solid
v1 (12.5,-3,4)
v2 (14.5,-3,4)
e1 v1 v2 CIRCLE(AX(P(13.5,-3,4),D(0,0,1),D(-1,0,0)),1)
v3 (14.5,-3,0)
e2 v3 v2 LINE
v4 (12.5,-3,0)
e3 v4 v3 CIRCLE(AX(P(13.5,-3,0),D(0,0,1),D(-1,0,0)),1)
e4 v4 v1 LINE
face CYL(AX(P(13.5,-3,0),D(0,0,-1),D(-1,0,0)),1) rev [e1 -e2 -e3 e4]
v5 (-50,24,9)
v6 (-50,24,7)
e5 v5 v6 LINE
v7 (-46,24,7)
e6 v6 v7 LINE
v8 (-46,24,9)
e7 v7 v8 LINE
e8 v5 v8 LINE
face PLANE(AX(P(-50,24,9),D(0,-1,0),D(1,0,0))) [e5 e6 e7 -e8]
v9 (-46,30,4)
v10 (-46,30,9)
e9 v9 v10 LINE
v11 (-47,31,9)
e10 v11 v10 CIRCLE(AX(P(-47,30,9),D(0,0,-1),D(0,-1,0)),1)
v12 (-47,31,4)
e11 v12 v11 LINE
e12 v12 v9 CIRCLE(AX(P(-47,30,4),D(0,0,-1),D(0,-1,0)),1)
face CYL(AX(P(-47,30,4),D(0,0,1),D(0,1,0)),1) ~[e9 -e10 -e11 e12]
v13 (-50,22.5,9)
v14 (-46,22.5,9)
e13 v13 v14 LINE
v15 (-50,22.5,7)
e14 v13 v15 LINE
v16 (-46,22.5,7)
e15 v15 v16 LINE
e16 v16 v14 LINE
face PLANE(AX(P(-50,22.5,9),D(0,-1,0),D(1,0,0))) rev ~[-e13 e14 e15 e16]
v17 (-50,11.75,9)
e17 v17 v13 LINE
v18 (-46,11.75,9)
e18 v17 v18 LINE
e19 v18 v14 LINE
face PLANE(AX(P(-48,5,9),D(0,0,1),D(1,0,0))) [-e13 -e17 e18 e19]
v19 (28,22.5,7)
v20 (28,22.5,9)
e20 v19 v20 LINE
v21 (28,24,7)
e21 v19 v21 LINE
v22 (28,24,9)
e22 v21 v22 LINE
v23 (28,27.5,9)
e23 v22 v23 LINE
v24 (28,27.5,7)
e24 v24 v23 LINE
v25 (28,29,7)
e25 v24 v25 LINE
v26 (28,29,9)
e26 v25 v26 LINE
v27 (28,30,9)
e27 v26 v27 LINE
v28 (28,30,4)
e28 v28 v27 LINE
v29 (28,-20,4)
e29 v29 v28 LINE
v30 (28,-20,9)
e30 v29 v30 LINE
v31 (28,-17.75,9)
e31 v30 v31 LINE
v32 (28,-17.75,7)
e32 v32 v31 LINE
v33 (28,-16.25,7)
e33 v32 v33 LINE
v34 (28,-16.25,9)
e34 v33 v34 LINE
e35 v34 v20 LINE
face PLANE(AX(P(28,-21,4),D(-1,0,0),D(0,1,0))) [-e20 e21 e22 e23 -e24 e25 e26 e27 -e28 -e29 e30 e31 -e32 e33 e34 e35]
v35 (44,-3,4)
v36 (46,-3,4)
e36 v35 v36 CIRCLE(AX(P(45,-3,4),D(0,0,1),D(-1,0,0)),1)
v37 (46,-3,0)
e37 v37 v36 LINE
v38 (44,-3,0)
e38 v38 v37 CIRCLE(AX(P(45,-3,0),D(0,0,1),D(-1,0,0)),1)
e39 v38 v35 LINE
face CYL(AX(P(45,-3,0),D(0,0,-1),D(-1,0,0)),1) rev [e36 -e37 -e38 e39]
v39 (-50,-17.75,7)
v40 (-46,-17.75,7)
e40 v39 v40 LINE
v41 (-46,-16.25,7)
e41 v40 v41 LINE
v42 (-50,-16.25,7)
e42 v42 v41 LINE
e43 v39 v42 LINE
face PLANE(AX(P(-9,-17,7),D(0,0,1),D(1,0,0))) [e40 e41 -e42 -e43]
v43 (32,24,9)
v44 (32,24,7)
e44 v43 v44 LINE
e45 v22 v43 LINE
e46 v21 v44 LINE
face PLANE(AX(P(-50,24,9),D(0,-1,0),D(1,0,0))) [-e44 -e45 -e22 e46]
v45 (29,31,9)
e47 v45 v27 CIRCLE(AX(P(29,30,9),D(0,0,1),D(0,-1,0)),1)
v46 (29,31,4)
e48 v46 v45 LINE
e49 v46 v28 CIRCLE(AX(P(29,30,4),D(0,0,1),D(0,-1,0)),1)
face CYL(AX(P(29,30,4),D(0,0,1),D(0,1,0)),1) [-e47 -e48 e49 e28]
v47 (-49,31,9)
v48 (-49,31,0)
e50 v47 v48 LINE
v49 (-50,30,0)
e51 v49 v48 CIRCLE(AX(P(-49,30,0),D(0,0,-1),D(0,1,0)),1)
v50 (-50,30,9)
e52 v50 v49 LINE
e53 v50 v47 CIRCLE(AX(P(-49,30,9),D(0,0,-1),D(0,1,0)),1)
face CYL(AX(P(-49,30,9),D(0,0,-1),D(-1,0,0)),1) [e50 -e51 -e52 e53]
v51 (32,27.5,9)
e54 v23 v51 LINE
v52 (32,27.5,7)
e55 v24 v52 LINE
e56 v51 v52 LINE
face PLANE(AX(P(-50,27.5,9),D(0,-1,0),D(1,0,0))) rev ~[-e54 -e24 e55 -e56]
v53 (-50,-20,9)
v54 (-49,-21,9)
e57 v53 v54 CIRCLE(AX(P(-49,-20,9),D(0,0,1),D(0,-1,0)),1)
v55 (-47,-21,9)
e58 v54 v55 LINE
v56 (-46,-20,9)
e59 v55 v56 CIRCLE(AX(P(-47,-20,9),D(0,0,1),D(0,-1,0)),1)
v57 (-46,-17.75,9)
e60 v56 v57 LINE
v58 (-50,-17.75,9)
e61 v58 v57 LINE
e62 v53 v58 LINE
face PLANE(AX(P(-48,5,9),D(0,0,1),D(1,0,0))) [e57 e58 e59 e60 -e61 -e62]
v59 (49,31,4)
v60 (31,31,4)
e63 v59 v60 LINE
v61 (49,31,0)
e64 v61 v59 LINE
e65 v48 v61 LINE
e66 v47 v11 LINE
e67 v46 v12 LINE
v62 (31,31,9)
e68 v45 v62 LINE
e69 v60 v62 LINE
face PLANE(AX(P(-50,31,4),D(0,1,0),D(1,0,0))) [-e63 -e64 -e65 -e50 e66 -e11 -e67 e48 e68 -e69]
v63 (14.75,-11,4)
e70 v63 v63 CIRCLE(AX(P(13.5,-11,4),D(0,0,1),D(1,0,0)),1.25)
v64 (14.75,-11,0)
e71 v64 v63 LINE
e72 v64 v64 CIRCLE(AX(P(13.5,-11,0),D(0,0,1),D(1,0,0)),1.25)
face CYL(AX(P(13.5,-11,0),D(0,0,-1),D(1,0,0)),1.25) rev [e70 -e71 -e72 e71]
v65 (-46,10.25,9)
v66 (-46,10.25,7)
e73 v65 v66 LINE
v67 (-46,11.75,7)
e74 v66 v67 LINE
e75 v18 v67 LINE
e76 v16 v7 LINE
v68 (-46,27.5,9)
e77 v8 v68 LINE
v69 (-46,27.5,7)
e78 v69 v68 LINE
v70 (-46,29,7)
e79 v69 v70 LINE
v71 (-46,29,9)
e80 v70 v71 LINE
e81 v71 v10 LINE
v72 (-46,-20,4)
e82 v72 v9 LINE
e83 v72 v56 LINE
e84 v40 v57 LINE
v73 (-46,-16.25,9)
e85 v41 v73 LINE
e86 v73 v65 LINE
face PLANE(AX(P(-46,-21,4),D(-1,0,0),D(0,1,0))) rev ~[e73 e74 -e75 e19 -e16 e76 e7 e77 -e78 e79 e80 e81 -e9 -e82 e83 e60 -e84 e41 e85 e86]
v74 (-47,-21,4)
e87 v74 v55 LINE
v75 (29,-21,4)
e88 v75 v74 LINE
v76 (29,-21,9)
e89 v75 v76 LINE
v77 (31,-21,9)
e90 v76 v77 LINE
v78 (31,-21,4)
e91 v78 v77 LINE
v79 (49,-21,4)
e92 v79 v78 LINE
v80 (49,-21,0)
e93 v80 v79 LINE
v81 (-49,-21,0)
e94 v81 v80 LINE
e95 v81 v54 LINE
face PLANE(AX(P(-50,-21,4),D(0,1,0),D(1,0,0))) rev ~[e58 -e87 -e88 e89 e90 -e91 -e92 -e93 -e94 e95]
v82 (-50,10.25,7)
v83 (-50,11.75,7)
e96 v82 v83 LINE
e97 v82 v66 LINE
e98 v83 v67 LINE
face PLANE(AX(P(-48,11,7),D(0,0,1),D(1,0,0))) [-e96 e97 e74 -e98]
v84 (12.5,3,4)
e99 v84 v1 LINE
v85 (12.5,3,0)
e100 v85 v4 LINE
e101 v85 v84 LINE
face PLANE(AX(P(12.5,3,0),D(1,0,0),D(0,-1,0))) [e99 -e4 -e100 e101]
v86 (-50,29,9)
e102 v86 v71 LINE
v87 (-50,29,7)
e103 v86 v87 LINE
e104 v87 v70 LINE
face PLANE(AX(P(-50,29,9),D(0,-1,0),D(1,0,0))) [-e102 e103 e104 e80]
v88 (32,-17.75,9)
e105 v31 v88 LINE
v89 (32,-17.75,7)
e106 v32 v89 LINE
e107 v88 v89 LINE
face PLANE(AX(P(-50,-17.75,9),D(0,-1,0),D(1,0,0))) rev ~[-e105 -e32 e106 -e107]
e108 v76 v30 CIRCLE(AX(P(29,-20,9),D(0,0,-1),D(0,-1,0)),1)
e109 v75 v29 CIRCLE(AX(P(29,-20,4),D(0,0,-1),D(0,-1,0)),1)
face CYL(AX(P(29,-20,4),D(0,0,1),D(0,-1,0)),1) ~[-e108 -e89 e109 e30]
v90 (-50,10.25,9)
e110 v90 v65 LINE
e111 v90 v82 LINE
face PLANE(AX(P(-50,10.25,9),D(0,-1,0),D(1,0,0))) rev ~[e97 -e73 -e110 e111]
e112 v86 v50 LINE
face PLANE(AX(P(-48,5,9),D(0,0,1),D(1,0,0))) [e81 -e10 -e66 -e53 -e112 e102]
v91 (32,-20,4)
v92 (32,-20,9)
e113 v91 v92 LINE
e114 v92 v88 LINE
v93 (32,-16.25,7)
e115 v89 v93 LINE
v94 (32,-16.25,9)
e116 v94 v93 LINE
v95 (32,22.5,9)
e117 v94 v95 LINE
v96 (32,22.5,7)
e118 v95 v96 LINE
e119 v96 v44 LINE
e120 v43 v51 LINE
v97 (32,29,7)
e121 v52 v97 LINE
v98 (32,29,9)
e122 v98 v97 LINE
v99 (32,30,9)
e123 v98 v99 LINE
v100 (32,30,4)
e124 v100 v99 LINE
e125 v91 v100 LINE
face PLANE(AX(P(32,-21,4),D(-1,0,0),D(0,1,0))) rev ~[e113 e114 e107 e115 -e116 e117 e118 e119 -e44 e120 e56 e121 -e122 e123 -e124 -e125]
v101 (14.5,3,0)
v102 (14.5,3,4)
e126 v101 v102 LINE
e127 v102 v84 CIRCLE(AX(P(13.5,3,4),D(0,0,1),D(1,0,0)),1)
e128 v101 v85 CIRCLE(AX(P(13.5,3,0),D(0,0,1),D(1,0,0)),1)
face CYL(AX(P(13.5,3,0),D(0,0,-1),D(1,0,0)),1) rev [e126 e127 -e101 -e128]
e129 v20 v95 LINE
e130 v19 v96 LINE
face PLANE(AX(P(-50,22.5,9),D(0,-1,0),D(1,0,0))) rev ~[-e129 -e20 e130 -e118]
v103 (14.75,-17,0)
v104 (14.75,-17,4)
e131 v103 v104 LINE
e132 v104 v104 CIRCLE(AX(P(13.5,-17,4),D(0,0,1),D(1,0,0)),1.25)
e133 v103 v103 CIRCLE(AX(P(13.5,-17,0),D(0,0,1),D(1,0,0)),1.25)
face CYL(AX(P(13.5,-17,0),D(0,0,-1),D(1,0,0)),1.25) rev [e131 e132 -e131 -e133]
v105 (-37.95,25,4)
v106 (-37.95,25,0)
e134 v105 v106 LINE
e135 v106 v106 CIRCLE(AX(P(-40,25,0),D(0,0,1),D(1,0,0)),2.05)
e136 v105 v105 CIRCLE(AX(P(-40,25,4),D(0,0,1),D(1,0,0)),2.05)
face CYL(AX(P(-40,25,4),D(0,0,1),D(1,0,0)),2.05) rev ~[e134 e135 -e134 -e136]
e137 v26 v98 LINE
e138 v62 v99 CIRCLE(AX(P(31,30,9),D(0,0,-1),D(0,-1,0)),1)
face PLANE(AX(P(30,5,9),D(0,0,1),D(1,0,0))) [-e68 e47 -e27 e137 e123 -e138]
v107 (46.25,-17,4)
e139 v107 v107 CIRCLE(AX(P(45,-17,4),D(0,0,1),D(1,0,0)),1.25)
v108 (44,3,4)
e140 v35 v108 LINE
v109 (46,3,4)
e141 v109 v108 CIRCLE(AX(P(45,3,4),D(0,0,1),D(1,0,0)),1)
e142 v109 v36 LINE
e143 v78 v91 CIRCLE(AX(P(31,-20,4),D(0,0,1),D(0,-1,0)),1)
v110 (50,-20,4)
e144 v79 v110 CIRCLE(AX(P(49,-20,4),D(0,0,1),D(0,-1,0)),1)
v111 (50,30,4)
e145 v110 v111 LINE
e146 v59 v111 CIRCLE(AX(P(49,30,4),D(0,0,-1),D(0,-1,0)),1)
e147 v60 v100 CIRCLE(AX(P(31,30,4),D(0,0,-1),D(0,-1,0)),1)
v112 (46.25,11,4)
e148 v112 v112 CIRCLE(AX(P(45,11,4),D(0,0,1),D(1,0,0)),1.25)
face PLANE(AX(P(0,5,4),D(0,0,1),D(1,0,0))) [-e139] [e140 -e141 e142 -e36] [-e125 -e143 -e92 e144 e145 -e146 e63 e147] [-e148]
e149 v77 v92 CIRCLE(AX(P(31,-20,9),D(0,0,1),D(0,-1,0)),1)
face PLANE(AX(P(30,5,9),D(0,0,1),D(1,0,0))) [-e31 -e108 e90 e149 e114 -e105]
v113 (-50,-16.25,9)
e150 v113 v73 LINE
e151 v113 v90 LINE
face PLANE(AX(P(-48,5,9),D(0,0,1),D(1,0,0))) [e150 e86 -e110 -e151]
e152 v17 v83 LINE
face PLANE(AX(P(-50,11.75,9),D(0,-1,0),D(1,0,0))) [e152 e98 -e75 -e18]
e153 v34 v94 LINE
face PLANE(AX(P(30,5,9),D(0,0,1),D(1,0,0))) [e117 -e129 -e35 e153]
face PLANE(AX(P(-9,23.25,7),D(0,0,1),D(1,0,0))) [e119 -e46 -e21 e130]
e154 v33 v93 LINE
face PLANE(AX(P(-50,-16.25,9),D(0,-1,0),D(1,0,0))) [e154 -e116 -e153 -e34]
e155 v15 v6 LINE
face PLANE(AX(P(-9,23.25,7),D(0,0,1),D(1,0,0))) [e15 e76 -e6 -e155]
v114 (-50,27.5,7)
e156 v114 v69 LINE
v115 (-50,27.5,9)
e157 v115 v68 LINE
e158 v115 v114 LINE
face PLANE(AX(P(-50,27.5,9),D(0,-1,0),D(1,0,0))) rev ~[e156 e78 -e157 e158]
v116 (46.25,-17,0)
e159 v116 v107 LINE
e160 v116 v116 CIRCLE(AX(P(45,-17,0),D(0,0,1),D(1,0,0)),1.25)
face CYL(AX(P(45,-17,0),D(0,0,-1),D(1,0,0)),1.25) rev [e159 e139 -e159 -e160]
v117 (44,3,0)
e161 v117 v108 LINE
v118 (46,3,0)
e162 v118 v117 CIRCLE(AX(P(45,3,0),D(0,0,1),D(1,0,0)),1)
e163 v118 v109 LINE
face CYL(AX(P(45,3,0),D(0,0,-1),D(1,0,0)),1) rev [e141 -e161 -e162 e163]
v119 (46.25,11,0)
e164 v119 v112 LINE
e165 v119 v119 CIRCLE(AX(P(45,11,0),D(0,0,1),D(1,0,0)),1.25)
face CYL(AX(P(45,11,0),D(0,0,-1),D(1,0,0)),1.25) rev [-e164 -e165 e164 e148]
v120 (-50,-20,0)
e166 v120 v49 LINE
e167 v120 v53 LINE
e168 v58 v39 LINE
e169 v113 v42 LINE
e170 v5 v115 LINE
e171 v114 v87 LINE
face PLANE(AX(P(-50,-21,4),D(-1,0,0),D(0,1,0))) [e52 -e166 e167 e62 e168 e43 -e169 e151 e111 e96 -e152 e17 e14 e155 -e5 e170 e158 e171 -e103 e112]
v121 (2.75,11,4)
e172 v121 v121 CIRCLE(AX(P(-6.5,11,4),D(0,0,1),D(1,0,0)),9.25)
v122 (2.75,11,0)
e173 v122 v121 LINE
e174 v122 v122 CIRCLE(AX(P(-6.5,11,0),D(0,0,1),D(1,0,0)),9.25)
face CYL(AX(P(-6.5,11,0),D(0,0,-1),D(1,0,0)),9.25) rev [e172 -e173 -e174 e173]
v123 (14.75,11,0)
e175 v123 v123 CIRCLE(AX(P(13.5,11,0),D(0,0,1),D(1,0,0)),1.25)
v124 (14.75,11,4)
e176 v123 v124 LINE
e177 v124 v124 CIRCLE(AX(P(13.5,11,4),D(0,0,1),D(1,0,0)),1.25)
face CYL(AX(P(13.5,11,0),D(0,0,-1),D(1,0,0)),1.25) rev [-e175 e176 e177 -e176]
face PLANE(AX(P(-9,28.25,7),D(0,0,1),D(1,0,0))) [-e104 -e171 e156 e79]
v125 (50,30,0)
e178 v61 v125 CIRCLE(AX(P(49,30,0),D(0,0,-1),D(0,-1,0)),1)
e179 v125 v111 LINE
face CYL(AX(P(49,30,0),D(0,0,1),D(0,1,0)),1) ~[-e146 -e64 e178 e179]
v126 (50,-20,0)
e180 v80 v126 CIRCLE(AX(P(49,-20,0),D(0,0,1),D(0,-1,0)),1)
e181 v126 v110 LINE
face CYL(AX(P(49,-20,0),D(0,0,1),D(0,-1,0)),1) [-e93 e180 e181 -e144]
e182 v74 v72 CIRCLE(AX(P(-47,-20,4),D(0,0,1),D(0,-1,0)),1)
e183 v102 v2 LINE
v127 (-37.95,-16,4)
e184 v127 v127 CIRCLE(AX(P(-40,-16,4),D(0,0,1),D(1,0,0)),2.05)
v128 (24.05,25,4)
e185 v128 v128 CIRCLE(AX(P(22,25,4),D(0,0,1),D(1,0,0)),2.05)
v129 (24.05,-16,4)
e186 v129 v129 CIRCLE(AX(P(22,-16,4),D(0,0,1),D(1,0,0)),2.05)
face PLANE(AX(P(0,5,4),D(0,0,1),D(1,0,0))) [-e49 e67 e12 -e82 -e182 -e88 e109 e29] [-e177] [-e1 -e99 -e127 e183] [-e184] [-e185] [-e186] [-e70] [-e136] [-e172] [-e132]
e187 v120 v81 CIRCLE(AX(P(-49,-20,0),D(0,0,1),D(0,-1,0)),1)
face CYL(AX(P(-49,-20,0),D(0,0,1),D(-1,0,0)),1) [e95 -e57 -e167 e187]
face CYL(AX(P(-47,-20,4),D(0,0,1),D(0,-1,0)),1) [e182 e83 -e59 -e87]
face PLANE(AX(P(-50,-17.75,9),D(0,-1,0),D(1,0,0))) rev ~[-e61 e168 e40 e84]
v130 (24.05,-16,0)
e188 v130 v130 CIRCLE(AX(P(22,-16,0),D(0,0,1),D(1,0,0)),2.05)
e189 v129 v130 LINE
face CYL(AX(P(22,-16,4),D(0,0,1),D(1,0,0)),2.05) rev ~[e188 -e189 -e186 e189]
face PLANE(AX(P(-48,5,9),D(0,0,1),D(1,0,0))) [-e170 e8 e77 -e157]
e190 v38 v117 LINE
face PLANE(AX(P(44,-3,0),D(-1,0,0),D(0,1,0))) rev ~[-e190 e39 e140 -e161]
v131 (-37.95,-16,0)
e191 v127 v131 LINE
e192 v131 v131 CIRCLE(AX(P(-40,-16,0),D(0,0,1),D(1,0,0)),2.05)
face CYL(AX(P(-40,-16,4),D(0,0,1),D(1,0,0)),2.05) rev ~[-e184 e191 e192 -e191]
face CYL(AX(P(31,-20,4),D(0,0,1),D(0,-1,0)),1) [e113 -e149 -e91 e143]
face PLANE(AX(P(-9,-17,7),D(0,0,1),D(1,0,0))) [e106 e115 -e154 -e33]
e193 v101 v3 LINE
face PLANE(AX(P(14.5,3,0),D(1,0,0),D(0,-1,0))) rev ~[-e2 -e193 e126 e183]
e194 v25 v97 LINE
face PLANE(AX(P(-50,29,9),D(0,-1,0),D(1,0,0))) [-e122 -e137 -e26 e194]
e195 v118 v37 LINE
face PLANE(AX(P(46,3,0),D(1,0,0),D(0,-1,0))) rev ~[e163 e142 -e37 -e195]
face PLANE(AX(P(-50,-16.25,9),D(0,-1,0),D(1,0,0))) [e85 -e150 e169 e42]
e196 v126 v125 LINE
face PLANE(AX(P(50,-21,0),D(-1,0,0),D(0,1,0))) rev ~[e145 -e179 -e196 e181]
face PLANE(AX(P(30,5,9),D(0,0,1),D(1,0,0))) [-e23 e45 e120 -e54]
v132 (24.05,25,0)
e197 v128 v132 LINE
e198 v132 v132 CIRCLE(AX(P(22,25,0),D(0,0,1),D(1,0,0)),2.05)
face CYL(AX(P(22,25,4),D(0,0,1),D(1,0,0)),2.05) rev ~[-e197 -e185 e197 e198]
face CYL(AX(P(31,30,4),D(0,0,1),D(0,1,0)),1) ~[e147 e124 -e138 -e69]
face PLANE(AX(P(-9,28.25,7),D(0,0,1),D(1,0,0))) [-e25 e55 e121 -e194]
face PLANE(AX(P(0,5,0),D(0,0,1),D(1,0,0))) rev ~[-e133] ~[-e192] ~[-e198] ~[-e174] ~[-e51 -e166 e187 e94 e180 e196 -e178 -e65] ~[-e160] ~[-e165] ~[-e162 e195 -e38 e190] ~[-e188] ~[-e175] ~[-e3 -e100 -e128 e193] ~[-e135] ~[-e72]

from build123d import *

# Parameters (mm, degrees)
SKETCH_W        = 100
SKETCH_H        = 52
SKETCH_R        = 1.25
SKETCH_R_2      = 9.25
PAD_DEPTH       = 4
SKETCH001_W     = 4
SKETCH001_H     = 52
PAD001_DEPTH    = 5
SKETCH002_W     = 82
SKETCH002_H     = 1.5
POCKET_DEPTH    = 2
SKETCH003_R     = 2.05
POCKET001_DEPTH = 5
FILLET_R        = 1
FILLET001_R     = 1
SKETCH004_W     = 4
SKETCH004_H     = 1.5
POCKET002_DEPTH = 2


with BuildPart() as part:
    # Sketch → Pad (new body)
    with BuildSketch(Plane.XY):
        with Locations((0, 5)):
            Rectangle(SKETCH_W, SKETCH_H)
        with Locations((13.5, 11)):
            Circle(SKETCH_R, mode=Mode.SUBTRACT)
        with Locations((13.5, -11)):
            Circle(SKETCH_R, mode=Mode.SUBTRACT)
        with Locations((13.5, -17)):
            Circle(SKETCH_R, mode=Mode.SUBTRACT)
        with Locations((45, -17)):
            Circle(SKETCH_R, mode=Mode.SUBTRACT)
        with Locations((45, 11)):
            Circle(SKETCH_R, mode=Mode.SUBTRACT)
        with Locations((-6.5, 11)):
            Circle(SKETCH_R_2, mode=Mode.SUBTRACT)
        with BuildLine():
            Line((46, 3), (46, -3))
            ThreePointArc((44, -3), (45, -4), (46, -3))
            Line((44, -3), (44, 3))
            ThreePointArc((46, 3), (45, 4), (44, 3))
        make_face(mode=Mode.SUBTRACT)
        with BuildLine():
            Line((14.5, 3), (14.5, -3))
            ThreePointArc((12.5, -3), (13.5, -4), (14.5, -3))
            Line((12.5, 3), (12.5, -3))
            ThreePointArc((14.5, 3), (13.5, 4), (12.5, 3))
        make_face(mode=Mode.SUBTRACT)
    extrude(amount=PAD_DEPTH)

    # Sketch001 (on Face20 of Pad) → Pad001 (join)
    with BuildSketch(Plane.XY.offset(4)):
        with Locations((-48, 5)):
            Rectangle(SKETCH001_W, SKETCH001_H)
        with Locations((30, 5)):
            Rectangle(SKETCH001_W, SKETCH001_H)
    extrude(amount=PAD001_DEPTH)

    # Sketch002 (on Face26 of Pad001) → Pocket (cut)
    with BuildSketch(Plane.XY.offset(9)):
        with Locations((-9, 28.25)):
            Rectangle(SKETCH002_W, SKETCH002_H)
        with Locations((-9, 23.25)):
            Rectangle(SKETCH002_W, SKETCH002_H)
        with Locations((-9, -17)):
            Rectangle(SKETCH002_W, SKETCH002_H)
    extrude(amount=-POCKET_DEPTH, mode=Mode.SUBTRACT)

    # Sketch003 (on Face6 of Pocket) → Pocket001 (cut)
    with BuildSketch(Plane.XY.offset(4)):
        with Locations((-40, 25)):
            Circle(SKETCH003_R)
        with Locations((-40, -16)):
            Circle(SKETCH003_R)
        with Locations((22, 25)):
            Circle(SKETCH003_R)
        with Locations((22, -16)):
            Circle(SKETCH003_R)
    extrude(amount=-POCKET001_DEPTH, mode=Mode.SUBTRACT)

    # Fillet
    fillet_edges = [part.edges().sort_by_distance(p)[0] for p in [
        (-50, -21, 2),
        (50, -21, 2),
        (50, 31, 2),
        (-50, 31, 2),
    ]]
    fillet(fillet_edges, radius=FILLET_R)

    # Fillet001
    fillet001_edges = [part.edges().sort_by_distance(p)[0] for p in [
        (-46, 31, 6.5),
        (-46, -21, 6.5),
        (28, 31, 6.5),
        (32, 31, 6.5),
        (28, -21, 6.5),
        (32, -21, 6.5),
    ]]
    fillet(fillet001_edges, radius=FILLET001_R)

    # Sketch004 (on Face41 of Fillet001) → Pocket002 (cut)
    with BuildSketch(Plane.XY.offset(9)):
        with Locations((-48, 11)):
            Rectangle(SKETCH004_W, SKETCH004_H)
    extrude(amount=-POCKET002_DEPTH, mode=Mode.SUBTRACT)


solid = part.part
